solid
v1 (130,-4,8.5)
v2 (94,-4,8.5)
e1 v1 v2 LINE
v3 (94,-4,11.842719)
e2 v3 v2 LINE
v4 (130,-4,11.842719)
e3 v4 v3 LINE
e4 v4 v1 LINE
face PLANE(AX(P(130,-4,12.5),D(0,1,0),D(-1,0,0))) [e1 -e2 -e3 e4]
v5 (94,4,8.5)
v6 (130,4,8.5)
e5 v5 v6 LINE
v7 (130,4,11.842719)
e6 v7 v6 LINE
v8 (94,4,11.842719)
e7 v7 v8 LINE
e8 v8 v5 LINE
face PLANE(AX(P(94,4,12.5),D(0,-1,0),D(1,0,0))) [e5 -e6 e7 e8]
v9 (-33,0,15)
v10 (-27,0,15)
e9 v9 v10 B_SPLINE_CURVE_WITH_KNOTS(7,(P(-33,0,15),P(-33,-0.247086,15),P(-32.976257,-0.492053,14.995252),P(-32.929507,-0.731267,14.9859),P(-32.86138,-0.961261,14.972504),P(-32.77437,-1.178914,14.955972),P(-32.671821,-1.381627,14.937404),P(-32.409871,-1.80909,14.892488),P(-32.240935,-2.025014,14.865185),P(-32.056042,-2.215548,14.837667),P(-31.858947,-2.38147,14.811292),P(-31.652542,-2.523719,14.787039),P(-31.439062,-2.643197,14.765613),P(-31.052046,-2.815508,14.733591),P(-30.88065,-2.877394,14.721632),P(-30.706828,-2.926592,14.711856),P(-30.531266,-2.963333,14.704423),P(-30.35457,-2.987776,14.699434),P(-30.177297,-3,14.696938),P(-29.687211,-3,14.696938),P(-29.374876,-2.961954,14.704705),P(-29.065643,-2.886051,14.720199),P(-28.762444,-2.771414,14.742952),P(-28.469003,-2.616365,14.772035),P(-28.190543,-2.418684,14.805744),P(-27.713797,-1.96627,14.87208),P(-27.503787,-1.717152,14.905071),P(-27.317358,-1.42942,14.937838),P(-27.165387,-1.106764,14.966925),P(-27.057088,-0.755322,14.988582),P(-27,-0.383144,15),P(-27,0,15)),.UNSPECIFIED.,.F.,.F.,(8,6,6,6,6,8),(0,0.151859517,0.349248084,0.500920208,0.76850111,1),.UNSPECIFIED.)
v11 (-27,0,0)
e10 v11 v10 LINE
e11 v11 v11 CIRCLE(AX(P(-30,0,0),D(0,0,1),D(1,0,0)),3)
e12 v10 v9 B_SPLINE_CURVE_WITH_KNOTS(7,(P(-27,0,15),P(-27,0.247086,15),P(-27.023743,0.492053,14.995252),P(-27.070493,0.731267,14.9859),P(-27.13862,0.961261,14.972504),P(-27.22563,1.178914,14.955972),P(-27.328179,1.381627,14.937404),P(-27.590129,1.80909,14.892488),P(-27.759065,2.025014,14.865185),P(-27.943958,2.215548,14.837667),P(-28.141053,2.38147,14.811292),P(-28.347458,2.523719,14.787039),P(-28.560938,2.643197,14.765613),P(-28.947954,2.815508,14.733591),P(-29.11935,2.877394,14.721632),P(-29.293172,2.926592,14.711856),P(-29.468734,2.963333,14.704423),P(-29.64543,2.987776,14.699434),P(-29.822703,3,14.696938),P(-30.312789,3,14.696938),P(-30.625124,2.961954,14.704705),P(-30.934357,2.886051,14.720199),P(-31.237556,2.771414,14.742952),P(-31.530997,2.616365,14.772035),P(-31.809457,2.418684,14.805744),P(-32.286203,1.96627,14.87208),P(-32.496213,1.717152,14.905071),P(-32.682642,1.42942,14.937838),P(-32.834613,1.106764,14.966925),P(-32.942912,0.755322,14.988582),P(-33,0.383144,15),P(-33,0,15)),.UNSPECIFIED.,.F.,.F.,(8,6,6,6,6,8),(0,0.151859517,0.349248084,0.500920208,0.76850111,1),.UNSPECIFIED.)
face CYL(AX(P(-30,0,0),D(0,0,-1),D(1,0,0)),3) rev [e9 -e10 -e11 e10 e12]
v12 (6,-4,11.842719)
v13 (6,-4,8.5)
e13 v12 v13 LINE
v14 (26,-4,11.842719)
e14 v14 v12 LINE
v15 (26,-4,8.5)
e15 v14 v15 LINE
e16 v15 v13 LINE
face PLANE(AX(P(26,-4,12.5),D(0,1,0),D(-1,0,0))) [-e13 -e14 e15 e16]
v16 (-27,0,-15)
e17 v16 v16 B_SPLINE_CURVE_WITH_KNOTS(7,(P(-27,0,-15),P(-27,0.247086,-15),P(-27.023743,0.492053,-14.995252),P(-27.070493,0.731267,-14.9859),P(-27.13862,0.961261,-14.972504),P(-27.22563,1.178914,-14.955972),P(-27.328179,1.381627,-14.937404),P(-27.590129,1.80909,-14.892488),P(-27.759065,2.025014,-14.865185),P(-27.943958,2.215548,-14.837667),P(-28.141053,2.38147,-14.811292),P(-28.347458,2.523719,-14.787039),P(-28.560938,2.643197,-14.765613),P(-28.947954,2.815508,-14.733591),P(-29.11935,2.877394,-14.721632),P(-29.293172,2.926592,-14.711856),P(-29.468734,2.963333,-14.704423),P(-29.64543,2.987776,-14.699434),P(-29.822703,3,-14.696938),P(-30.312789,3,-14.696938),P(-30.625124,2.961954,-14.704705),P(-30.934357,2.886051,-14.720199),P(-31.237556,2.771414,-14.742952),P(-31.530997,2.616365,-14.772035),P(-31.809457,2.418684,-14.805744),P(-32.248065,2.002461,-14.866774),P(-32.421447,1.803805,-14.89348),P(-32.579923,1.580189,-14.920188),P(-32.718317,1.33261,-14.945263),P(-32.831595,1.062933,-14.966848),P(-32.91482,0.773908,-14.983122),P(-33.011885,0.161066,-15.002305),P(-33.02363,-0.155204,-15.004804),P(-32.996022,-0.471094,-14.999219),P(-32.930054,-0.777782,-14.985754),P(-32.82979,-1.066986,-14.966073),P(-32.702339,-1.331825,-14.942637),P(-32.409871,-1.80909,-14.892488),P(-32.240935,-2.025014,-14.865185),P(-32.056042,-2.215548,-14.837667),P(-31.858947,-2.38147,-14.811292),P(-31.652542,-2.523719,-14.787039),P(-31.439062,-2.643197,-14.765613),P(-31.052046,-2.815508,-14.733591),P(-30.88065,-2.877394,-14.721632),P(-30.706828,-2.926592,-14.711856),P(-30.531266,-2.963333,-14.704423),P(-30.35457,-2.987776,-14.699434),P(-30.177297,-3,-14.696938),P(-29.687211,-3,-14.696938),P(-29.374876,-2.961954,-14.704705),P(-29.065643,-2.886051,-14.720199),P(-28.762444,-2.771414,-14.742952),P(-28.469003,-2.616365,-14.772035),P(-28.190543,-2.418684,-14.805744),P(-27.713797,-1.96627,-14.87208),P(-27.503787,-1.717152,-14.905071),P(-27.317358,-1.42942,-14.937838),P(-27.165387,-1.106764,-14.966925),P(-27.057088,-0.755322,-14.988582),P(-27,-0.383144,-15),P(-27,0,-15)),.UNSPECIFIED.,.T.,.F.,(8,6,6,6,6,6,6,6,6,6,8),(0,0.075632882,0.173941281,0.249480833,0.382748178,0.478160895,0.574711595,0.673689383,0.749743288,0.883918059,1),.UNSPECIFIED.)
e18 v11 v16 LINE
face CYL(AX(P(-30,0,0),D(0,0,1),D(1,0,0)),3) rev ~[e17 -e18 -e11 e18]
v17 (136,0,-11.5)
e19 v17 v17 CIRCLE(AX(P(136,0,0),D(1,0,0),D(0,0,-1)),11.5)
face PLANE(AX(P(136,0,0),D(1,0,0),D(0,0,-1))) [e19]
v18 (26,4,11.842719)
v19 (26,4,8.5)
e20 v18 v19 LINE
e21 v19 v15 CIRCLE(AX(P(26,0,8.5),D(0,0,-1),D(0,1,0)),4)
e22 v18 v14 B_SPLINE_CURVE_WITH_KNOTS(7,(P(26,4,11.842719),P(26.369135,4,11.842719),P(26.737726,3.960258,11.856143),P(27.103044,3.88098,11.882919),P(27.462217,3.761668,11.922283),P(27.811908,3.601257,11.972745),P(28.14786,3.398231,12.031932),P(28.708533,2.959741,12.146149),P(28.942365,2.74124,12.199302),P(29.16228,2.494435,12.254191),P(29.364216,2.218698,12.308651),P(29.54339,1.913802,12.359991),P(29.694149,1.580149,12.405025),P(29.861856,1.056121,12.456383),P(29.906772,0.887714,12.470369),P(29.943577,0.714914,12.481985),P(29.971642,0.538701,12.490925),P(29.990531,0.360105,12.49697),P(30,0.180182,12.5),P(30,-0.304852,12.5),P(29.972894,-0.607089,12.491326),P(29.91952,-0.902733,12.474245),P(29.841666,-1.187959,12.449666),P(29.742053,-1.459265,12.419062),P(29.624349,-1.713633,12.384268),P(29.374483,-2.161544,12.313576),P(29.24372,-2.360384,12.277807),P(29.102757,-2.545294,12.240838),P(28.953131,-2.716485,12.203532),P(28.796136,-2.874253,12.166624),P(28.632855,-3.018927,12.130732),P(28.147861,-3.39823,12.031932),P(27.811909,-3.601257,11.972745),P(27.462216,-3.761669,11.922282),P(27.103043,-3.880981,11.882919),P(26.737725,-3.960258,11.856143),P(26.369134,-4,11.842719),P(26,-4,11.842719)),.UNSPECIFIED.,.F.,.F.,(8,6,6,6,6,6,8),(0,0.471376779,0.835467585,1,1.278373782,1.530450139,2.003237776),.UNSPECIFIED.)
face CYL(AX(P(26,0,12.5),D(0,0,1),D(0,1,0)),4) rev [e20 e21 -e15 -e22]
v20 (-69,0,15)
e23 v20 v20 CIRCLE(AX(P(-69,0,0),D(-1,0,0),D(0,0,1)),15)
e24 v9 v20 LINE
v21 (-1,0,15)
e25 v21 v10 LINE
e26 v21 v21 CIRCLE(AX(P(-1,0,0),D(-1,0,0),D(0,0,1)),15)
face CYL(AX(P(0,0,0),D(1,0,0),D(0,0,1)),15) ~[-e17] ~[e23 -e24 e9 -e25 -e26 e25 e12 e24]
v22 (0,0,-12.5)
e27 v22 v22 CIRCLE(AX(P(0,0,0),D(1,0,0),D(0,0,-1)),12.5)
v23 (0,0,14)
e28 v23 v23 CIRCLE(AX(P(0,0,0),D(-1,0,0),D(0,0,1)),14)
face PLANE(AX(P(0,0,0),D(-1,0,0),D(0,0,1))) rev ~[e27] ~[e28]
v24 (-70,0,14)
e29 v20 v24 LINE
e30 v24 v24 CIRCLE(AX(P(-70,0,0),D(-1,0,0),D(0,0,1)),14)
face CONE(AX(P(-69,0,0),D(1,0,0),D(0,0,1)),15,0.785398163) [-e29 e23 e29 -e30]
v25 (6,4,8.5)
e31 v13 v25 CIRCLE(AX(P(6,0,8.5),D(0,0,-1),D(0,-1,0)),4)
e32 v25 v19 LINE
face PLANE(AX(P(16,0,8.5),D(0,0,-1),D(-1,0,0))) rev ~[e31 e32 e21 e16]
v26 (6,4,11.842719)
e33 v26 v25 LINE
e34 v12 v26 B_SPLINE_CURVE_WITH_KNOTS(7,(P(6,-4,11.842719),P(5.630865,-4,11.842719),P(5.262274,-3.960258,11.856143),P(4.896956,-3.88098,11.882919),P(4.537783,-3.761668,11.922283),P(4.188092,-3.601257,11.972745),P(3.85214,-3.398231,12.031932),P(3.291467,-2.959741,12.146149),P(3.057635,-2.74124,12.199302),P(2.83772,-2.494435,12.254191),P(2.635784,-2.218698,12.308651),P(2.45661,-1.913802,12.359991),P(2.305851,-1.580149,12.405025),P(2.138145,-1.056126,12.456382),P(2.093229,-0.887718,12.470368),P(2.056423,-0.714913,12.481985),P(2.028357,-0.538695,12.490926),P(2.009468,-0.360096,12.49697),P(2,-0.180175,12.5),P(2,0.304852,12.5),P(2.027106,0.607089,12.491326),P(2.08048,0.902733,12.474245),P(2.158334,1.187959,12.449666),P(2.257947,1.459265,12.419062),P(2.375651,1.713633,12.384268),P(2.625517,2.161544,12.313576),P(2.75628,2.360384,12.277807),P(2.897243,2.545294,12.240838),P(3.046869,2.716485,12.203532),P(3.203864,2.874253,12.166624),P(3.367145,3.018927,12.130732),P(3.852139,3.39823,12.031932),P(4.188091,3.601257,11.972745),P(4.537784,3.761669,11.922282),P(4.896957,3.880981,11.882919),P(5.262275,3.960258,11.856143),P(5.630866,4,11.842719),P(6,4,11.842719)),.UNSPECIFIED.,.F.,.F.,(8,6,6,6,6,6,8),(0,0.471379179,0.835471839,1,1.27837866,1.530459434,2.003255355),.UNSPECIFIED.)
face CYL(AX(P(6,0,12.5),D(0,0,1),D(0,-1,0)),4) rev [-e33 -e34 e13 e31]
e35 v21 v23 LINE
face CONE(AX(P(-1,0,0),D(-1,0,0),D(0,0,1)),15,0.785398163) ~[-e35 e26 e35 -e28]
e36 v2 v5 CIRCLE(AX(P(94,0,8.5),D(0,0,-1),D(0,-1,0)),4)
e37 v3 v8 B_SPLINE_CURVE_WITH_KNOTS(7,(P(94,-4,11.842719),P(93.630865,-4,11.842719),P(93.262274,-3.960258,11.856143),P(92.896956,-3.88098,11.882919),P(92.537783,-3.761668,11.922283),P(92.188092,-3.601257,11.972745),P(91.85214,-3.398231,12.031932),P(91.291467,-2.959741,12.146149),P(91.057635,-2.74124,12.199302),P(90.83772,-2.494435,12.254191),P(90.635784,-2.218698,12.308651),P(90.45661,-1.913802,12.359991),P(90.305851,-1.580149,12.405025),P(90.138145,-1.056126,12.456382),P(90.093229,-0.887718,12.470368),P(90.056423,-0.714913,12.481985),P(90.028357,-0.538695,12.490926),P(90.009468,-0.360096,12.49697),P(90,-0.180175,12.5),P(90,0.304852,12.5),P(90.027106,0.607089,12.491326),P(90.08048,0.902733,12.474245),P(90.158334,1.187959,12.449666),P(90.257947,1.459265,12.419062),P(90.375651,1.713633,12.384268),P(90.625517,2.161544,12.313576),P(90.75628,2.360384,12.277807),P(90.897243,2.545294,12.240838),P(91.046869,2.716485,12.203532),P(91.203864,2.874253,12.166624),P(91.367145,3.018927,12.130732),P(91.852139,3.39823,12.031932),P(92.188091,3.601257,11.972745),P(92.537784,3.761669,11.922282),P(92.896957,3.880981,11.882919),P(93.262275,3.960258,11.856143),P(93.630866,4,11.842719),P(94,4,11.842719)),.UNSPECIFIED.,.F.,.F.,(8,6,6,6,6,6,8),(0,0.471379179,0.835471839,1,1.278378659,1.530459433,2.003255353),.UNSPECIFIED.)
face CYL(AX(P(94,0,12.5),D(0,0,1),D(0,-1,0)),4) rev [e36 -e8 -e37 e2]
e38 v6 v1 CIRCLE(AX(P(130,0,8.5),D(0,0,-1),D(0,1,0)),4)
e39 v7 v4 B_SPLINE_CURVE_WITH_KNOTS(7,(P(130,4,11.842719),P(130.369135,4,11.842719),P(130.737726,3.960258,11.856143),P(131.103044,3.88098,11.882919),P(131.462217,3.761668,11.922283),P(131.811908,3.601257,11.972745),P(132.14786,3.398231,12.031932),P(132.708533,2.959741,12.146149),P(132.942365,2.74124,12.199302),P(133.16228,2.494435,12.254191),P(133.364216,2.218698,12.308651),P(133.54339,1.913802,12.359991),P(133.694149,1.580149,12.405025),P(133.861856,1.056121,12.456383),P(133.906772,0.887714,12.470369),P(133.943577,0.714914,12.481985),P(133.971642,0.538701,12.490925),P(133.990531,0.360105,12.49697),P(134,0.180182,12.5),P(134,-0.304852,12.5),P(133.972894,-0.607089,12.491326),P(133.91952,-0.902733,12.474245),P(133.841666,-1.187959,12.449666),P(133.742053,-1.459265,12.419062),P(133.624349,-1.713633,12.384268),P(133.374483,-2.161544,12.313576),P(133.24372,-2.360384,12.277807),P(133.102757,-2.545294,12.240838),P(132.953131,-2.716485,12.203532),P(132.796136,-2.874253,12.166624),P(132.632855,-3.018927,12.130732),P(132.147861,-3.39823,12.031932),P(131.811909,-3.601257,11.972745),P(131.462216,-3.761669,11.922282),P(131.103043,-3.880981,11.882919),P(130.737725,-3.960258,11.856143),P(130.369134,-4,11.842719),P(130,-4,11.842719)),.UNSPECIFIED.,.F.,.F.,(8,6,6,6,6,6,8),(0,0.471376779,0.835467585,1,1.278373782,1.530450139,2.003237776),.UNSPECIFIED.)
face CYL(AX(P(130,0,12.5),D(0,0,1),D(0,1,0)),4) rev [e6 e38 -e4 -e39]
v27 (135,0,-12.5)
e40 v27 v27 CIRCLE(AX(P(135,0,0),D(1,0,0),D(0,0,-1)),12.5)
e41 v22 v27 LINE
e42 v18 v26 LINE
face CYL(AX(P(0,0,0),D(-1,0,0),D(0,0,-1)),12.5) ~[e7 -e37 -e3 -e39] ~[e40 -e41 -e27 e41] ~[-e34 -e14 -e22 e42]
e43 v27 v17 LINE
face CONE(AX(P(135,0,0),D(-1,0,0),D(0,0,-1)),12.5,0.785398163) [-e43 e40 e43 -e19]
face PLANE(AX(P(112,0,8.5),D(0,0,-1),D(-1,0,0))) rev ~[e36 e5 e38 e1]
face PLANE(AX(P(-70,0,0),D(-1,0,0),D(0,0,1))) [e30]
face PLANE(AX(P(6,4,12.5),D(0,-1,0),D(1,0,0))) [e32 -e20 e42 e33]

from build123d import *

# Parameters (mm, degrees)
SKETCH_1_R               = 12.5
EXTRUDE_1_DEPTH          = 136
SKETCH_2_R               = 15
EXTRUDE_2_DEPTH          = 70
CHAMFER_1_SIZE           = 1
CUT_EXTRUDE_1_DEPTH      = 4
SKETCH_4_R               = 3
CUT_EXTRUDE_2_DEPTH      = 16
CUT_EXTRUDE_2_DEPTH_BACK = 16


with BuildPart() as part:
    # 草图1 → 凸台-拉伸1 (new body)
    with BuildSketch(Plane(origin=(0, 0, 0), x_dir=(0, 0, -1), z_dir=(1, 0, 0))):
        Circle(SKETCH_1_R)
    extrude(amount=EXTRUDE_1_DEPTH)

    # 草图2 → 凸台-拉伸2 (add)
    with BuildSketch(Plane.ZY):
        Circle(SKETCH_2_R)
    extrude(amount=EXTRUDE_2_DEPTH)

    # 倒角1
    chamfer_1_edges = [part.edges().sort_by_distance(p)[0] for p in [
        (136, 0, 12.5),
        (0, 0, -15),
        (-70, 0, -15),
    ]]
    chamfer(chamfer_1_edges, length=CHAMFER_1_SIZE)

    # 草图3 → 切除-拉伸1 (cut)
    with BuildSketch(Plane.XY.offset(12.5)):
        with BuildLine():
            Line((6, 4), (26, 4))
            ThreePointArc((26, 4), (30, 0), (26, -4))
            Line((26, -4), (6, -4))
            ThreePointArc((6, -4), (2, 0), (6, 4))
        make_face()
        with BuildLine():
            Line((94, 4), (130, 4))
            ThreePointArc((130, 4), (134, 0), (130, -4))
            Line((130, -4), (94, -4))
            ThreePointArc((94, -4), (90, 0), (94, 4))
        make_face()
    extrude(amount=-CUT_EXTRUDE_1_DEPTH, mode=Mode.SUBTRACT)

    # 草图4 → 切除-拉伸2 (cut, two sides)
    with BuildSketch(Plane.XY) as cut_extrude_2_sk:
        with Locations((-30, 0)):
            Circle(SKETCH_4_R)
    extrude(amount=CUT_EXTRUDE_2_DEPTH, mode=Mode.SUBTRACT)
    extrude(cut_extrude_2_sk.sketch, amount=-CUT_EXTRUDE_2_DEPTH_BACK, mode=Mode.SUBTRACT)


solid = part.part
